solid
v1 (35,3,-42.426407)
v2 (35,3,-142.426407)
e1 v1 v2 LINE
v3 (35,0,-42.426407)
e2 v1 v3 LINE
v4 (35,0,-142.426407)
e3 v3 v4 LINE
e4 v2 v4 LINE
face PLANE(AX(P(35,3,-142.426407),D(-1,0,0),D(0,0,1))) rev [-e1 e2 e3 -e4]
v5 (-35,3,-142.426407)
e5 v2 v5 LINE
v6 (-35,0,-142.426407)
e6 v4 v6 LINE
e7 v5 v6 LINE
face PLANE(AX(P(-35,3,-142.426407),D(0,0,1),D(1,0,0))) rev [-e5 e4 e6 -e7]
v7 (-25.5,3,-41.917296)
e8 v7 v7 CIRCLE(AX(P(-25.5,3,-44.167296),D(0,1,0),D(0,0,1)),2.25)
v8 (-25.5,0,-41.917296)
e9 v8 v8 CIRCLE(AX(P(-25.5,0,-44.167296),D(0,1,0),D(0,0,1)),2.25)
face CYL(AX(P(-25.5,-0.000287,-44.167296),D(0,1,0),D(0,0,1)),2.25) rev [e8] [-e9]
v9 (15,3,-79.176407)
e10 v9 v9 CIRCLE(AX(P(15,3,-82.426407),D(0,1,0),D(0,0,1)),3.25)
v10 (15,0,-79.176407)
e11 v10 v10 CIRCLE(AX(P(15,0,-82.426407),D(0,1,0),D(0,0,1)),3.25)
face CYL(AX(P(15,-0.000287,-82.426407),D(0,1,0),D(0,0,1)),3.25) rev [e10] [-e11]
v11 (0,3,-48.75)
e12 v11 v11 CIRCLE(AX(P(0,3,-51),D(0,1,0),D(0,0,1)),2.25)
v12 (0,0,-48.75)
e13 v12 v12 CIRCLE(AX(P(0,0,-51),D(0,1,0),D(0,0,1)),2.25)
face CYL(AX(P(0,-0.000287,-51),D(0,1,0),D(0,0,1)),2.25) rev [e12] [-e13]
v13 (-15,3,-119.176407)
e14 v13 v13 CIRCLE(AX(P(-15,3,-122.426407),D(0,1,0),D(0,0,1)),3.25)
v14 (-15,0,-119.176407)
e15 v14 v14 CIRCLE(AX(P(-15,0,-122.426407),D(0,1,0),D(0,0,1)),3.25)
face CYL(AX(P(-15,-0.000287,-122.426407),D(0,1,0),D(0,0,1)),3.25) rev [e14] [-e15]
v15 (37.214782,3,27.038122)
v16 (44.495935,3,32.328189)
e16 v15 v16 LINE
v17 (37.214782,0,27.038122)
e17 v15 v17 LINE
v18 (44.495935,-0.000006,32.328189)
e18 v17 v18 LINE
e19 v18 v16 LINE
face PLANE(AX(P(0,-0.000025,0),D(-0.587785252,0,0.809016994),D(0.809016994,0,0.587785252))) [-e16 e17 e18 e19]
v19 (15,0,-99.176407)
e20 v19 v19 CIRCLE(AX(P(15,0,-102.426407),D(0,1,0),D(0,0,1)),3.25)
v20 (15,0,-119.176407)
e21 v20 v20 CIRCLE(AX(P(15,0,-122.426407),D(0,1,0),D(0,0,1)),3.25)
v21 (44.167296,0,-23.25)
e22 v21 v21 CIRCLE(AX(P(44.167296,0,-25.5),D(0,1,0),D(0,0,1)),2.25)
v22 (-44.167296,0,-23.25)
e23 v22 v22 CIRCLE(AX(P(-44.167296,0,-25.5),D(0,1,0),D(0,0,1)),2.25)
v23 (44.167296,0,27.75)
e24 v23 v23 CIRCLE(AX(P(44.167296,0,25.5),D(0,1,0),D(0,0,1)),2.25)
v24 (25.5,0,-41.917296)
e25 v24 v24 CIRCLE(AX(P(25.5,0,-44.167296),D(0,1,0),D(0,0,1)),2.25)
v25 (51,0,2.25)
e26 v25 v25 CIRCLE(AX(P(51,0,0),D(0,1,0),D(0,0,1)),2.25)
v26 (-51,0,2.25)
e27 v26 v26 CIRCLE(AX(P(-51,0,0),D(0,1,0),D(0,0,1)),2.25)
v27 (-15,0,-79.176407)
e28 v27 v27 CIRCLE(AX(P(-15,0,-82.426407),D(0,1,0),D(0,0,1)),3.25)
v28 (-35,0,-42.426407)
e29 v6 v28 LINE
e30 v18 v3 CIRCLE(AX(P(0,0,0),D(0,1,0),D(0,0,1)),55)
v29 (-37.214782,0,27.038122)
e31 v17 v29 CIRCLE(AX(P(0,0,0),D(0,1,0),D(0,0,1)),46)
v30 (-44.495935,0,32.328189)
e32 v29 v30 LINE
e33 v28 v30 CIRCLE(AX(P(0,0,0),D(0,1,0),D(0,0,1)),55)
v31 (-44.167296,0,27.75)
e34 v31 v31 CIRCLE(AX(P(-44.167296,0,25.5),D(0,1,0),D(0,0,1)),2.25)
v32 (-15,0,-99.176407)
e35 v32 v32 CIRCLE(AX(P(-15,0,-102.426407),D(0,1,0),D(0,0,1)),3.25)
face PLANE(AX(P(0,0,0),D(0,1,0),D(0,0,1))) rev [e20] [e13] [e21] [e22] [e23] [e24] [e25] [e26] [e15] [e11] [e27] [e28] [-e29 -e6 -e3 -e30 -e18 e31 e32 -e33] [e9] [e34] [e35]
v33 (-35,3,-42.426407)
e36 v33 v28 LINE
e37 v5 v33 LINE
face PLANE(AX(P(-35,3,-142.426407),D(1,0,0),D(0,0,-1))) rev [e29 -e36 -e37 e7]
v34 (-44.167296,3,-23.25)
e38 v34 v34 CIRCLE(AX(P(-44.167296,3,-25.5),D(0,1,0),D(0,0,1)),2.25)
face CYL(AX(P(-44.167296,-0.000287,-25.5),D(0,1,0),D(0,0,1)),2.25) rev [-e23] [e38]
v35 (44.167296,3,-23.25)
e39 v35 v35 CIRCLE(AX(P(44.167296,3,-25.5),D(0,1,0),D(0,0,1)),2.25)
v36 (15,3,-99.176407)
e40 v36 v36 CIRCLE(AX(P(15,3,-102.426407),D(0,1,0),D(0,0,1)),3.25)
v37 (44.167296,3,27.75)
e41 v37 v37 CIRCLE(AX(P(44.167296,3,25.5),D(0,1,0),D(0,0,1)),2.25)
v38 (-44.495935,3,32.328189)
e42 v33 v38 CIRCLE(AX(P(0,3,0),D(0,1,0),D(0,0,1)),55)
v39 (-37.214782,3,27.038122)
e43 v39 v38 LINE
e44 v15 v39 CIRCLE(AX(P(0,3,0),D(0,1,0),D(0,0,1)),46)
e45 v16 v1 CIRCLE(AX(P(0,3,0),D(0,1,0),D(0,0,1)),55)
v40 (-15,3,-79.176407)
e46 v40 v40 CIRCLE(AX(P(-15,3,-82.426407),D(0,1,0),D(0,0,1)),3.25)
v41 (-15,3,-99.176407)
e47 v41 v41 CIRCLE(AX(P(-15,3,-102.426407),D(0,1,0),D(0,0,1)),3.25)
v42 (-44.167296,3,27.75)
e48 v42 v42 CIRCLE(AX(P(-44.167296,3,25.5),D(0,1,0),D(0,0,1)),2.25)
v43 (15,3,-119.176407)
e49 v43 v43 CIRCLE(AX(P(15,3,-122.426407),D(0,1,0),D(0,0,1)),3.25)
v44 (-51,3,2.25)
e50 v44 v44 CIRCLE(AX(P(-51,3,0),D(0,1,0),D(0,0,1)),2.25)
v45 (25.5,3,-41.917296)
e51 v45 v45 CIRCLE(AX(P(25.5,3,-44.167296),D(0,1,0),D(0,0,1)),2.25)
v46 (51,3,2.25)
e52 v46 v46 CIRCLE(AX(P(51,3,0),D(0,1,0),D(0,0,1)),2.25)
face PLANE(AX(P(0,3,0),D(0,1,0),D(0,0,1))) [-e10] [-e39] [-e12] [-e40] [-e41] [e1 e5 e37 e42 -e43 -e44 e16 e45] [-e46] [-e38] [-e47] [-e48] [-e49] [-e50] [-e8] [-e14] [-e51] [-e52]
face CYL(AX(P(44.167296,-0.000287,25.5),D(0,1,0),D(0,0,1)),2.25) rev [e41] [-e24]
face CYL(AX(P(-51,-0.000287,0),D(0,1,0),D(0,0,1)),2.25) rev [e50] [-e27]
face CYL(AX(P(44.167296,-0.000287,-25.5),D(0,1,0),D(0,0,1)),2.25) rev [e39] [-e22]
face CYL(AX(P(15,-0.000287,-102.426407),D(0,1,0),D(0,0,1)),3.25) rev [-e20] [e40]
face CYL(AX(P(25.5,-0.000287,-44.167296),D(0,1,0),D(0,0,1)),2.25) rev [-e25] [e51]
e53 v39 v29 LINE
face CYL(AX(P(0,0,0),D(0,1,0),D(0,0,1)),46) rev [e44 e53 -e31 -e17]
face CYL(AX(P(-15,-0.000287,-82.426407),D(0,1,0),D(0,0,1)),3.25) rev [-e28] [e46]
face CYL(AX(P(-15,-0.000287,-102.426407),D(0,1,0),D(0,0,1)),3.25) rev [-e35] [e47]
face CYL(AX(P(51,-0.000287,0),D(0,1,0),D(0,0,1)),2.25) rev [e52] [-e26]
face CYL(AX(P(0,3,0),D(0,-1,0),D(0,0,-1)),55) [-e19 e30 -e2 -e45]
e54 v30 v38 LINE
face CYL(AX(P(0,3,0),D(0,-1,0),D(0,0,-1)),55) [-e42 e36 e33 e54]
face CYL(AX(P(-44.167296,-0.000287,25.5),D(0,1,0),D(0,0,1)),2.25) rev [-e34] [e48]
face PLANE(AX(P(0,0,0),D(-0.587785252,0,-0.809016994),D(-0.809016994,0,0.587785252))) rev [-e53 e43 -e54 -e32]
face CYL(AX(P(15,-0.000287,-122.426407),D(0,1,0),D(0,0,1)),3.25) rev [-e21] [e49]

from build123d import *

# Parameters (mm, degrees)
SKETCH1_R               = 55
BOSS_EXTRUDE1_DEPTH     = 3
SKETCH2_W               = 70
SKETCH2_H               = 100
BOSS_EXTRUDE2_DEPTH     = 3
SKETCH4_R               = 46
CUT_EXTRUDE2_DEPTH      = 1
CUT_EXTRUDE2_DEPTH_BACK = 4
CUT_EXTRUDE5_START      = -4
CUT_EXTRUDE5_DEPTH      = 5
CUT_EXTRUDE3_START      = -4
SKETCH5_R               = 2.25
CUT_EXTRUDE3_DEPTH      = 5
CIRPATTERN1_COUNT       = 12
CUT_EXTRUDE4_START      = -4
SKETCH6_R               = 3.25
CUT_EXTRUDE4_DEPTH      = 5
LPATTERN1_COUNT         = 3
LPATTERN1_PITCH         = 20


with BuildPart() as part:
    # Sketch1 → Boss-Extrude1 (new body)
    with BuildSketch(Plane(origin=(0, 0, 0), x_dir=(1, 0, 0), z_dir=(0, 1, 0))):
        Circle(SKETCH1_R)
    extrude(amount=BOSS_EXTRUDE1_DEPTH)

    # Sketch2 → Boss-Extrude2 (add)
    with BuildSketch(Plane(origin=(0, 0, 0), x_dir=(1, 0, 0), z_dir=(0, 1, 0))):
        with Locations((0, 92.426406871)):
            Rectangle(SKETCH2_W, SKETCH2_H)
    extrude(amount=BOSS_EXTRUDE2_DEPTH)

    # Sketch4 → Cut-Extrude2 (cut, two sides)
    with BuildSketch(Plane(origin=(0, 3, 0), x_dir=(1, 0, 0), z_dir=(0, 1, 0))) as cut_extrude2_sk:
        Circle(SKETCH4_R)
    extrude(amount=CUT_EXTRUDE2_DEPTH, mode=Mode.SUBTRACT)
    extrude(cut_extrude2_sk.sketch, amount=-CUT_EXTRUDE2_DEPTH_BACK, mode=Mode.SUBTRACT)

    # Sketch7 → Cut-Extrude5 (cut)
    with BuildSketch(Plane(origin=(0, 3, 0), x_dir=(1, 0, 0), z_dir=(0, 1, 0)).offset(CUT_EXTRUDE5_START)):
        with BuildLine():
            Line((0, 0), (0, -55))
            ThreePointArc((0, -55), (-24.969477486, -49.00535883), (-44.495934691, -32.328188876))
            Line((-44.495934691, -32.328188876), (0, 0))
        make_face()
    cut_extrude5 = extrude(amount=CUT_EXTRUDE5_DEPTH, mode=Mode.SUBTRACT)

    # Mirror1: Cut-Extrude5 across plane
    add(cut_extrude5.mirror(Plane(origin=(0, 0, 0), x_dir=(0, 0, 1), z_dir=(1, 0, 0))), mode=Mode.SUBTRACT)

    # Sketch5 → Cut-Extrude3 (cut)
    with BuildSketch(Plane(origin=(0, 3, 0), x_dir=(1, 0, 0), z_dir=(0, 1, 0)).offset(CUT_EXTRUDE3_START)):
        with Locations((0, 51)):
            Circle(SKETCH5_R)
    cut_extrude3 = extrude(amount=CUT_EXTRUDE3_DEPTH, mode=Mode.SUBTRACT)

    # CirPattern1: Cut-Extrude3 ×12 about axis
    cirpattern1_axis = Axis((0, 0, 0), (0, 1, 0))
    for i in range(1, CIRPATTERN1_COUNT):
        add(cut_extrude3.rotate(cirpattern1_axis, i * 360 / CIRPATTERN1_COUNT), mode=Mode.SUBTRACT)

    # Sketch6 → Cut-Extrude4 (cut)
    with BuildSketch(Plane(origin=(0, 3, 0), x_dir=(1, 0, 0), z_dir=(0, 1, 0)).offset(CUT_EXTRUDE4_START)):
        with Locations((15, 122.426406871)):
            Circle(SKETCH6_R)
        with Locations((-15, 122.426406871)):
            Circle(SKETCH6_R)
    cut_extrude4 = extrude(amount=CUT_EXTRUDE4_DEPTH, mode=Mode.SUBTRACT)

    # LPattern1: Cut-Extrude4 ×3
    with Locations(*[(0, 0, i * LPATTERN1_PITCH) for i in range(1, LPATTERN1_COUNT)]):
        add(cut_extrude4, mode=Mode.SUBTRACT)


solid = part.part
